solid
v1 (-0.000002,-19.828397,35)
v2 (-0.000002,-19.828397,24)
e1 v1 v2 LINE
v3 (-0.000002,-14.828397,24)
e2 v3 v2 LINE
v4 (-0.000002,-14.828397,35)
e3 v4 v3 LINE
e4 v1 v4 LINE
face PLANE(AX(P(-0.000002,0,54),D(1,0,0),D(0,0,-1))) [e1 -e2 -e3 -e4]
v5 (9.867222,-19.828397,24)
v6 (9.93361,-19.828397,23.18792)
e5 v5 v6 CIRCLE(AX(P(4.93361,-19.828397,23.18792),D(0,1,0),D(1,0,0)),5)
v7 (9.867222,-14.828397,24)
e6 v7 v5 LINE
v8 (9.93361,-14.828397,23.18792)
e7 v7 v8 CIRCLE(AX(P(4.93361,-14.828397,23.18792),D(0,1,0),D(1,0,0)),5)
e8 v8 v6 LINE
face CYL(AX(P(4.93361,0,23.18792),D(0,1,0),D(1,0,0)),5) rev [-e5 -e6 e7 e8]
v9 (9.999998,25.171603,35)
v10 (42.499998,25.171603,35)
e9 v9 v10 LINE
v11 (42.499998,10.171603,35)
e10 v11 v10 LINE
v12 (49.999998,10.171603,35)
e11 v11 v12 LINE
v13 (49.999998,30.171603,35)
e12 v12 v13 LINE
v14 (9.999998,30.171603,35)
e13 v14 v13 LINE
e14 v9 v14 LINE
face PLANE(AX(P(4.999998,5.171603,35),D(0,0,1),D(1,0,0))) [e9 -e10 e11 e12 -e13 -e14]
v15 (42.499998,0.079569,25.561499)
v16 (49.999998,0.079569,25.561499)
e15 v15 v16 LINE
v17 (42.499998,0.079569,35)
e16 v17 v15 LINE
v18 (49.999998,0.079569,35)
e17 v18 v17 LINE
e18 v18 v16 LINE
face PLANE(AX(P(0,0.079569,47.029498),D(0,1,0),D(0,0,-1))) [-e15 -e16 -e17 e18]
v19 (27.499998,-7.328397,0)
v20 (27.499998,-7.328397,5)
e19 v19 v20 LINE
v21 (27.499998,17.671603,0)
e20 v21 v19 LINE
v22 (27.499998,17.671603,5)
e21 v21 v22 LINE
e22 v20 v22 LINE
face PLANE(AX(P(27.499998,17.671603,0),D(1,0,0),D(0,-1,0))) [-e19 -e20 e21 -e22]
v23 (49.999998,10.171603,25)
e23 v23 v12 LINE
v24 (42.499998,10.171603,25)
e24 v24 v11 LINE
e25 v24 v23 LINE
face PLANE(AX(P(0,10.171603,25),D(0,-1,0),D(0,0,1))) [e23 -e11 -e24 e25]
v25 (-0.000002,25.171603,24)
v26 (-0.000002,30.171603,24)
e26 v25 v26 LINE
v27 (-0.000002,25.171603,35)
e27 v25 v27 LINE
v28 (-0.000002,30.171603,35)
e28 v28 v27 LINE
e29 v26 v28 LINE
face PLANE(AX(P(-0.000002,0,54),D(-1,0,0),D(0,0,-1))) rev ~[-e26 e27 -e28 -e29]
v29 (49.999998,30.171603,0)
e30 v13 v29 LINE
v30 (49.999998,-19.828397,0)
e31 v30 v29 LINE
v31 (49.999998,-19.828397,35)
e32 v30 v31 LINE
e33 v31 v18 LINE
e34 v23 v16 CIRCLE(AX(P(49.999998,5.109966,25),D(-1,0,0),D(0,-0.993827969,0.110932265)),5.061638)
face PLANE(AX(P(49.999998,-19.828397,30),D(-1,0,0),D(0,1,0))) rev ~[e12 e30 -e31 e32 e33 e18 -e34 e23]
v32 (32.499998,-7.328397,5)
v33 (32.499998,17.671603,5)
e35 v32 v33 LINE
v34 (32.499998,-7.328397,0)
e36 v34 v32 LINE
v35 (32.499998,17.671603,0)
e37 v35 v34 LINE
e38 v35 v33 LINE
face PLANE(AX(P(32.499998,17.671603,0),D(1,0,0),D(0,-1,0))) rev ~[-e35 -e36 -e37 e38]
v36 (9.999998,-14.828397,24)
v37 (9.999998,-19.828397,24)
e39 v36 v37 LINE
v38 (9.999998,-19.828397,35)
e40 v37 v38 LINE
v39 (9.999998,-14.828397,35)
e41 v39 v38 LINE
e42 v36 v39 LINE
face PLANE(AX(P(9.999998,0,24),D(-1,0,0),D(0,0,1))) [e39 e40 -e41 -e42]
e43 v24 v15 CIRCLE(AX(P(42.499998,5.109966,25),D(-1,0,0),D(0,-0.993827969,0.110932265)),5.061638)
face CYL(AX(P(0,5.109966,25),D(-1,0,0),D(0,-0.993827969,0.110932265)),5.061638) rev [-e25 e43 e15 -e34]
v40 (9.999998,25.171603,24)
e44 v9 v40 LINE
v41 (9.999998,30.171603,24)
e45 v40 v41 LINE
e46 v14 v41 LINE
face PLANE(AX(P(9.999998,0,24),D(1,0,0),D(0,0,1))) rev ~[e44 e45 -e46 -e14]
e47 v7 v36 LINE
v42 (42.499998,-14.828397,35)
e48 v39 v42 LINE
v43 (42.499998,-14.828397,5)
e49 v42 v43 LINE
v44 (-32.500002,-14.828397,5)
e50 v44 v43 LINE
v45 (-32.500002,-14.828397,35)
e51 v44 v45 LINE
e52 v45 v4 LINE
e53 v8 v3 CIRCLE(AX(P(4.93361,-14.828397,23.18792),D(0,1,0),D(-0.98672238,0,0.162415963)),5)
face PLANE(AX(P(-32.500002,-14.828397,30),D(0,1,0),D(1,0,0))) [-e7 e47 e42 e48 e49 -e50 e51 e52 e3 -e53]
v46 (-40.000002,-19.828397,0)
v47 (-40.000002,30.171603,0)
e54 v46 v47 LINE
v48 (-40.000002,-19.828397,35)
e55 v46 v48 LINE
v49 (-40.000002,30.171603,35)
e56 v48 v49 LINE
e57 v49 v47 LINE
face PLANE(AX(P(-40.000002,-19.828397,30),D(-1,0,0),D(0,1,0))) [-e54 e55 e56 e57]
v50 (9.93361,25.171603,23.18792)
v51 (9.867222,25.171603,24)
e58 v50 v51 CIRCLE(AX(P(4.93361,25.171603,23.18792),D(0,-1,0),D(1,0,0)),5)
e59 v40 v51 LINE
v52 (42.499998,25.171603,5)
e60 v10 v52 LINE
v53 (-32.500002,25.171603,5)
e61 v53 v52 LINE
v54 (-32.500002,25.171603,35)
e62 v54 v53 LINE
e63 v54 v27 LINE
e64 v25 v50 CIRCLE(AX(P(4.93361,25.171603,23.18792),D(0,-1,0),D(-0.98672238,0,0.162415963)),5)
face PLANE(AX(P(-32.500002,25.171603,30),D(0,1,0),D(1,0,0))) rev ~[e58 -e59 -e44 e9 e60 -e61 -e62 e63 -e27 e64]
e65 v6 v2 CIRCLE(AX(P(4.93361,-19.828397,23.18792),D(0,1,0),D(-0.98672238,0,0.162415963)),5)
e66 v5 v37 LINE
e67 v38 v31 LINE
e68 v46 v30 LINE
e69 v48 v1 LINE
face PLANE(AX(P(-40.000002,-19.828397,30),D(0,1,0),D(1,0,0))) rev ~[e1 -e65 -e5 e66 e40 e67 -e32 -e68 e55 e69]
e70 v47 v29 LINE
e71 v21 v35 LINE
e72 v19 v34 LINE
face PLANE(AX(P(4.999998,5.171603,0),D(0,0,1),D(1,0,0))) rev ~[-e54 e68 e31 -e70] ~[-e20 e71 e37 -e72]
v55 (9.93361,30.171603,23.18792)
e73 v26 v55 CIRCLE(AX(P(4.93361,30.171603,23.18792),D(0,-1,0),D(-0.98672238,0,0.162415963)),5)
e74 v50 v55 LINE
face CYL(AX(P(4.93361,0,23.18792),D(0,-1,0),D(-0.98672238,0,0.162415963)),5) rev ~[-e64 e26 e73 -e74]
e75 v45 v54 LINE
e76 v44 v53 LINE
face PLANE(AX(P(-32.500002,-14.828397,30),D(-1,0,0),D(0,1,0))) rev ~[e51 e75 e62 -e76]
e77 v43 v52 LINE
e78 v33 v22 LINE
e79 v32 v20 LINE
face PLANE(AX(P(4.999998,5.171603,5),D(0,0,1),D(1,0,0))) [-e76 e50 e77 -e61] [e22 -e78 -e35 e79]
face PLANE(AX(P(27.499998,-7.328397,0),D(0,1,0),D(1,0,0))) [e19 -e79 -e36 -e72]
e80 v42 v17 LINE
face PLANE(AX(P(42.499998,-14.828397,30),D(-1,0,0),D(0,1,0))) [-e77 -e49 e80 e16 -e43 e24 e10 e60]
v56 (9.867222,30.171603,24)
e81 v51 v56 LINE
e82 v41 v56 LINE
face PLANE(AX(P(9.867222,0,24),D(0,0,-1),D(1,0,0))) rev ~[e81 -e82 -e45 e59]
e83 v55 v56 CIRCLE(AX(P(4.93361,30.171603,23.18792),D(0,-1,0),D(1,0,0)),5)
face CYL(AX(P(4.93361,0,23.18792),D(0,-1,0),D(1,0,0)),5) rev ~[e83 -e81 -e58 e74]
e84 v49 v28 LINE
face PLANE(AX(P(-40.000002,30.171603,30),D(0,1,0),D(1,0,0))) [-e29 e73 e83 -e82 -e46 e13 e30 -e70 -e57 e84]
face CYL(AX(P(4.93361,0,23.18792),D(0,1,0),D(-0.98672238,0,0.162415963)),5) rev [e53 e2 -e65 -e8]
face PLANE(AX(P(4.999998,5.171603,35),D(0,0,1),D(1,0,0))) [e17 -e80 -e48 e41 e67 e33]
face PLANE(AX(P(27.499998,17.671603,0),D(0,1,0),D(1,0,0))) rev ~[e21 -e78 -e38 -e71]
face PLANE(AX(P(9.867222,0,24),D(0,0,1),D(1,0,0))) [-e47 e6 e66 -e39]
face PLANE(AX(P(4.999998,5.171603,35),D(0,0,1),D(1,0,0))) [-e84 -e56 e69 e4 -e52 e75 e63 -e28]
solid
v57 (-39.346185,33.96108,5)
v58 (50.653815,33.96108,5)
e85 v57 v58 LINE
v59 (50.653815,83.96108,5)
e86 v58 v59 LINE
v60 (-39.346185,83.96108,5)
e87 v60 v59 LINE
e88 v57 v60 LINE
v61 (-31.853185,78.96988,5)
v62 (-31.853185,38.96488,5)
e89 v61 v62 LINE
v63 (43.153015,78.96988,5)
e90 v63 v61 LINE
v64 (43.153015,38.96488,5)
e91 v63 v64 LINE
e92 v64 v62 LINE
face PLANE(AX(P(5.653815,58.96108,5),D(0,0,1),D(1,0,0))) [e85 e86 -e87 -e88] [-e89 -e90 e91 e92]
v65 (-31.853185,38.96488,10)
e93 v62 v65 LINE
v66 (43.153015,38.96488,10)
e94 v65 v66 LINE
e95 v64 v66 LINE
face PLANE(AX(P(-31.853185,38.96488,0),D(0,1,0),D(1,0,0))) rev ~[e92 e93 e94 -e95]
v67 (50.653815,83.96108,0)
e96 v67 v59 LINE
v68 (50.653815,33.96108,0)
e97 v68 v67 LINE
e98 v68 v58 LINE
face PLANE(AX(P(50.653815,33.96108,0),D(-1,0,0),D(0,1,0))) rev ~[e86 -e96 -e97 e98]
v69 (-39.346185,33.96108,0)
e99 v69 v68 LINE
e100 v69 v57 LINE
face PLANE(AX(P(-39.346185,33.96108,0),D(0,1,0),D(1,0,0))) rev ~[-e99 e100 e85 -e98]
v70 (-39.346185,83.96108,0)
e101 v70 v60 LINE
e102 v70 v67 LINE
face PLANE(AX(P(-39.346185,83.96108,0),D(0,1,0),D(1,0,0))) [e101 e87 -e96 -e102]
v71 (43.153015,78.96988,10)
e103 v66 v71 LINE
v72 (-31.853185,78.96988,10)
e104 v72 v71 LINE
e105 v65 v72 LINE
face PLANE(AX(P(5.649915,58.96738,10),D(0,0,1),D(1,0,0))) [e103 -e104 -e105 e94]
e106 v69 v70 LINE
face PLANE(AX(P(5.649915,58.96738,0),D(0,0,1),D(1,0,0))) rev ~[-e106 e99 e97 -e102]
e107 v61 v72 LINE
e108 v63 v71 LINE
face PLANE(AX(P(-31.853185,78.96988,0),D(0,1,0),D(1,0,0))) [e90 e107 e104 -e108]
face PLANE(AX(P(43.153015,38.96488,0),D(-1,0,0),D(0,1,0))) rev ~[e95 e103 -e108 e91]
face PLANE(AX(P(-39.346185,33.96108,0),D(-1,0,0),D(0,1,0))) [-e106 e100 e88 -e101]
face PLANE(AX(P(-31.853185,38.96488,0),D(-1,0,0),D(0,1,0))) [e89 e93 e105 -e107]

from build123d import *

# Parameters (mm, degrees)
F0_W           = 90
F0_H           = 50
F1_DEPTH       = 30
F2_W           = 75
F2_H           = 40
F4_DEPTH       = 25
F5_W           = 5
F5_H           = 25
F6_DEPTH       = 20
F3_W           = 90
F3_H           = 50
F3_W_2         = 75
F3_H_2         = 40
F7_DEPTH       = 5
F8_W           = 90
F8_H           = 50
F9_DEPTH       = 5
F10_W          = 75.0062
F10_H          = 40.005
F11_DEPTH      = 10
F13_DEPTH      = 53.35581
F13_DEPTH_BACK = 52.639
F15_DEPTH      = 79.2615


with BuildPart() as f1:
    # F0 (on Top) → F1 (new body)
    with BuildSketch(Plane.XY):
        with Locations((4.9999981374, 5.1716030198)):
            Rectangle(F0_W, F0_H)
    extrude(amount=F1_DEPTH)

    # F2 (on face) → F4 (cut)
    with BuildSketch(Plane.XY.offset(30)):
        with Locations((4.9999981374, 5.1716030198)):
            Rectangle(F2_W, F2_H)
    extrude(amount=-F4_DEPTH, mode=Mode.SUBTRACT)

    # F5 (on face) → F6 (cut)
    with BuildSketch(Plane(origin=(0, 0, 0), x_dir=(1, 0, 0), z_dir=(0, 0, -1))):
        with Locations((29.9999981374, -5.1716030198)):
            Rectangle(F5_W, F5_H)
    extrude(amount=-F6_DEPTH, mode=Mode.SUBTRACT)

    # F3 (on face) → F7 (join)
    with BuildSketch(Plane.XY.offset(30)):
        with Locations((4.9999981374, 5.1716030198)):
            Rectangle(F3_W, F3_H)
        with Locations((4.9999981374, 5.1716030198)):
            Rectangle(F3_W_2, F3_H_2, mode=Mode.SUBTRACT)
    extrude(amount=F7_DEPTH)

    # F12 (on Front) → F13 (cut, two sides)
    with BuildSketch(Plane.XZ) as f13_sk:
        with BuildLine():
            Line((9.867221937, 24), (-1.8626e-06, 24))
            ThreePointArc((-1.8626e-06, 24), (4.5262155718, 18.2045448505), (9.9336100372, 23.1879201876))
            ThreePointArc((9.9336100372, 23.1879201876), (9.9169853742, 23.5953146529), (9.867221937, 24))
        make_face()
        with BuildLine():
            Line((-1.8626e-06, 54), (-1.8626e-06, 24))
            ThreePointArc((-1.8626e-06, 24), (4.9336100372, 28.1879201876), (9.867221937, 24))
            Line((9.867221937, 24), (9.9999981374, 24))
            Line((9.9999981374, 24), (9.9999981374, 54))
            Line((9.9999981374, 54), (-1.8626e-06, 54))
        make_face()
        with BuildLine():
            ThreePointArc((9.867221937, 24), (4.9336100372, 28.1879201876), (-1.8626e-06, 24))
            Line((-1.8626e-06, 24), (9.867221937, 24))
        make_face()
    extrude(amount=-F13_DEPTH, mode=Mode.SUBTRACT)
    extrude(f13_sk.sketch, amount=F13_DEPTH_BACK, mode=Mode.SUBTRACT)

    # F14 (on Right) → F15 (cut)
    with BuildSketch(Plane.YZ):
        with BuildLine():
            Line((0.0795685682, 25), (10.1716030198, 25))
            ThreePointArc((10.1716030198, 25), (5.3911491634, 30.0538213364), (0.0795685682, 25.5614989133))
            Line((0.0795685682, 25.5614989133), (0.0795685682, 25))
        make_face()
        with BuildLine():
            ThreePointArc((0.0795685682, 25.5614989133), (4.8287818426, 19.9461786636), (10.1716030198, 25))
            Line((10.1716030198, 25), (0.0795685682, 25))
            Line((0.0795685682, 25), (0.0795685682, 25.5614989133))
        make_face()
        with BuildLine():
            ThreePointArc((0.0795685682, 25.5614989133), (5.3911491634, 30.0538213364), (10.1716030198, 25))
            Line((10.1716030198, 25), (10.1716030198, 47.029498431))
            Line((10.1716030198, 47.029498431), (0.0795685682, 47.029498431))
            Line((0.0795685682, 47.029498431), (0.0795685682, 25.5614989133))
        make_face()
    extrude(amount=F15_DEPTH, mode=Mode.SUBTRACT)


with BuildPart() as f9:
    # F8 (on Top) → F9 (new body)
    with BuildSketch(Plane.XY):
        with Locations((5.6538152695, 58.9610800147)):
            Rectangle(F8_W, F8_H)
    extrude(amount=F9_DEPTH)

    # F10 (on Top) → F11 (join)
    with BuildSketch(Plane.XY):
        with Locations((5.6499152695, 58.9673800147)):
            Rectangle(F10_W, F10_H)
    extrude(amount=F11_DEPTH)


solid = Compound([f1.part, f9.part])
